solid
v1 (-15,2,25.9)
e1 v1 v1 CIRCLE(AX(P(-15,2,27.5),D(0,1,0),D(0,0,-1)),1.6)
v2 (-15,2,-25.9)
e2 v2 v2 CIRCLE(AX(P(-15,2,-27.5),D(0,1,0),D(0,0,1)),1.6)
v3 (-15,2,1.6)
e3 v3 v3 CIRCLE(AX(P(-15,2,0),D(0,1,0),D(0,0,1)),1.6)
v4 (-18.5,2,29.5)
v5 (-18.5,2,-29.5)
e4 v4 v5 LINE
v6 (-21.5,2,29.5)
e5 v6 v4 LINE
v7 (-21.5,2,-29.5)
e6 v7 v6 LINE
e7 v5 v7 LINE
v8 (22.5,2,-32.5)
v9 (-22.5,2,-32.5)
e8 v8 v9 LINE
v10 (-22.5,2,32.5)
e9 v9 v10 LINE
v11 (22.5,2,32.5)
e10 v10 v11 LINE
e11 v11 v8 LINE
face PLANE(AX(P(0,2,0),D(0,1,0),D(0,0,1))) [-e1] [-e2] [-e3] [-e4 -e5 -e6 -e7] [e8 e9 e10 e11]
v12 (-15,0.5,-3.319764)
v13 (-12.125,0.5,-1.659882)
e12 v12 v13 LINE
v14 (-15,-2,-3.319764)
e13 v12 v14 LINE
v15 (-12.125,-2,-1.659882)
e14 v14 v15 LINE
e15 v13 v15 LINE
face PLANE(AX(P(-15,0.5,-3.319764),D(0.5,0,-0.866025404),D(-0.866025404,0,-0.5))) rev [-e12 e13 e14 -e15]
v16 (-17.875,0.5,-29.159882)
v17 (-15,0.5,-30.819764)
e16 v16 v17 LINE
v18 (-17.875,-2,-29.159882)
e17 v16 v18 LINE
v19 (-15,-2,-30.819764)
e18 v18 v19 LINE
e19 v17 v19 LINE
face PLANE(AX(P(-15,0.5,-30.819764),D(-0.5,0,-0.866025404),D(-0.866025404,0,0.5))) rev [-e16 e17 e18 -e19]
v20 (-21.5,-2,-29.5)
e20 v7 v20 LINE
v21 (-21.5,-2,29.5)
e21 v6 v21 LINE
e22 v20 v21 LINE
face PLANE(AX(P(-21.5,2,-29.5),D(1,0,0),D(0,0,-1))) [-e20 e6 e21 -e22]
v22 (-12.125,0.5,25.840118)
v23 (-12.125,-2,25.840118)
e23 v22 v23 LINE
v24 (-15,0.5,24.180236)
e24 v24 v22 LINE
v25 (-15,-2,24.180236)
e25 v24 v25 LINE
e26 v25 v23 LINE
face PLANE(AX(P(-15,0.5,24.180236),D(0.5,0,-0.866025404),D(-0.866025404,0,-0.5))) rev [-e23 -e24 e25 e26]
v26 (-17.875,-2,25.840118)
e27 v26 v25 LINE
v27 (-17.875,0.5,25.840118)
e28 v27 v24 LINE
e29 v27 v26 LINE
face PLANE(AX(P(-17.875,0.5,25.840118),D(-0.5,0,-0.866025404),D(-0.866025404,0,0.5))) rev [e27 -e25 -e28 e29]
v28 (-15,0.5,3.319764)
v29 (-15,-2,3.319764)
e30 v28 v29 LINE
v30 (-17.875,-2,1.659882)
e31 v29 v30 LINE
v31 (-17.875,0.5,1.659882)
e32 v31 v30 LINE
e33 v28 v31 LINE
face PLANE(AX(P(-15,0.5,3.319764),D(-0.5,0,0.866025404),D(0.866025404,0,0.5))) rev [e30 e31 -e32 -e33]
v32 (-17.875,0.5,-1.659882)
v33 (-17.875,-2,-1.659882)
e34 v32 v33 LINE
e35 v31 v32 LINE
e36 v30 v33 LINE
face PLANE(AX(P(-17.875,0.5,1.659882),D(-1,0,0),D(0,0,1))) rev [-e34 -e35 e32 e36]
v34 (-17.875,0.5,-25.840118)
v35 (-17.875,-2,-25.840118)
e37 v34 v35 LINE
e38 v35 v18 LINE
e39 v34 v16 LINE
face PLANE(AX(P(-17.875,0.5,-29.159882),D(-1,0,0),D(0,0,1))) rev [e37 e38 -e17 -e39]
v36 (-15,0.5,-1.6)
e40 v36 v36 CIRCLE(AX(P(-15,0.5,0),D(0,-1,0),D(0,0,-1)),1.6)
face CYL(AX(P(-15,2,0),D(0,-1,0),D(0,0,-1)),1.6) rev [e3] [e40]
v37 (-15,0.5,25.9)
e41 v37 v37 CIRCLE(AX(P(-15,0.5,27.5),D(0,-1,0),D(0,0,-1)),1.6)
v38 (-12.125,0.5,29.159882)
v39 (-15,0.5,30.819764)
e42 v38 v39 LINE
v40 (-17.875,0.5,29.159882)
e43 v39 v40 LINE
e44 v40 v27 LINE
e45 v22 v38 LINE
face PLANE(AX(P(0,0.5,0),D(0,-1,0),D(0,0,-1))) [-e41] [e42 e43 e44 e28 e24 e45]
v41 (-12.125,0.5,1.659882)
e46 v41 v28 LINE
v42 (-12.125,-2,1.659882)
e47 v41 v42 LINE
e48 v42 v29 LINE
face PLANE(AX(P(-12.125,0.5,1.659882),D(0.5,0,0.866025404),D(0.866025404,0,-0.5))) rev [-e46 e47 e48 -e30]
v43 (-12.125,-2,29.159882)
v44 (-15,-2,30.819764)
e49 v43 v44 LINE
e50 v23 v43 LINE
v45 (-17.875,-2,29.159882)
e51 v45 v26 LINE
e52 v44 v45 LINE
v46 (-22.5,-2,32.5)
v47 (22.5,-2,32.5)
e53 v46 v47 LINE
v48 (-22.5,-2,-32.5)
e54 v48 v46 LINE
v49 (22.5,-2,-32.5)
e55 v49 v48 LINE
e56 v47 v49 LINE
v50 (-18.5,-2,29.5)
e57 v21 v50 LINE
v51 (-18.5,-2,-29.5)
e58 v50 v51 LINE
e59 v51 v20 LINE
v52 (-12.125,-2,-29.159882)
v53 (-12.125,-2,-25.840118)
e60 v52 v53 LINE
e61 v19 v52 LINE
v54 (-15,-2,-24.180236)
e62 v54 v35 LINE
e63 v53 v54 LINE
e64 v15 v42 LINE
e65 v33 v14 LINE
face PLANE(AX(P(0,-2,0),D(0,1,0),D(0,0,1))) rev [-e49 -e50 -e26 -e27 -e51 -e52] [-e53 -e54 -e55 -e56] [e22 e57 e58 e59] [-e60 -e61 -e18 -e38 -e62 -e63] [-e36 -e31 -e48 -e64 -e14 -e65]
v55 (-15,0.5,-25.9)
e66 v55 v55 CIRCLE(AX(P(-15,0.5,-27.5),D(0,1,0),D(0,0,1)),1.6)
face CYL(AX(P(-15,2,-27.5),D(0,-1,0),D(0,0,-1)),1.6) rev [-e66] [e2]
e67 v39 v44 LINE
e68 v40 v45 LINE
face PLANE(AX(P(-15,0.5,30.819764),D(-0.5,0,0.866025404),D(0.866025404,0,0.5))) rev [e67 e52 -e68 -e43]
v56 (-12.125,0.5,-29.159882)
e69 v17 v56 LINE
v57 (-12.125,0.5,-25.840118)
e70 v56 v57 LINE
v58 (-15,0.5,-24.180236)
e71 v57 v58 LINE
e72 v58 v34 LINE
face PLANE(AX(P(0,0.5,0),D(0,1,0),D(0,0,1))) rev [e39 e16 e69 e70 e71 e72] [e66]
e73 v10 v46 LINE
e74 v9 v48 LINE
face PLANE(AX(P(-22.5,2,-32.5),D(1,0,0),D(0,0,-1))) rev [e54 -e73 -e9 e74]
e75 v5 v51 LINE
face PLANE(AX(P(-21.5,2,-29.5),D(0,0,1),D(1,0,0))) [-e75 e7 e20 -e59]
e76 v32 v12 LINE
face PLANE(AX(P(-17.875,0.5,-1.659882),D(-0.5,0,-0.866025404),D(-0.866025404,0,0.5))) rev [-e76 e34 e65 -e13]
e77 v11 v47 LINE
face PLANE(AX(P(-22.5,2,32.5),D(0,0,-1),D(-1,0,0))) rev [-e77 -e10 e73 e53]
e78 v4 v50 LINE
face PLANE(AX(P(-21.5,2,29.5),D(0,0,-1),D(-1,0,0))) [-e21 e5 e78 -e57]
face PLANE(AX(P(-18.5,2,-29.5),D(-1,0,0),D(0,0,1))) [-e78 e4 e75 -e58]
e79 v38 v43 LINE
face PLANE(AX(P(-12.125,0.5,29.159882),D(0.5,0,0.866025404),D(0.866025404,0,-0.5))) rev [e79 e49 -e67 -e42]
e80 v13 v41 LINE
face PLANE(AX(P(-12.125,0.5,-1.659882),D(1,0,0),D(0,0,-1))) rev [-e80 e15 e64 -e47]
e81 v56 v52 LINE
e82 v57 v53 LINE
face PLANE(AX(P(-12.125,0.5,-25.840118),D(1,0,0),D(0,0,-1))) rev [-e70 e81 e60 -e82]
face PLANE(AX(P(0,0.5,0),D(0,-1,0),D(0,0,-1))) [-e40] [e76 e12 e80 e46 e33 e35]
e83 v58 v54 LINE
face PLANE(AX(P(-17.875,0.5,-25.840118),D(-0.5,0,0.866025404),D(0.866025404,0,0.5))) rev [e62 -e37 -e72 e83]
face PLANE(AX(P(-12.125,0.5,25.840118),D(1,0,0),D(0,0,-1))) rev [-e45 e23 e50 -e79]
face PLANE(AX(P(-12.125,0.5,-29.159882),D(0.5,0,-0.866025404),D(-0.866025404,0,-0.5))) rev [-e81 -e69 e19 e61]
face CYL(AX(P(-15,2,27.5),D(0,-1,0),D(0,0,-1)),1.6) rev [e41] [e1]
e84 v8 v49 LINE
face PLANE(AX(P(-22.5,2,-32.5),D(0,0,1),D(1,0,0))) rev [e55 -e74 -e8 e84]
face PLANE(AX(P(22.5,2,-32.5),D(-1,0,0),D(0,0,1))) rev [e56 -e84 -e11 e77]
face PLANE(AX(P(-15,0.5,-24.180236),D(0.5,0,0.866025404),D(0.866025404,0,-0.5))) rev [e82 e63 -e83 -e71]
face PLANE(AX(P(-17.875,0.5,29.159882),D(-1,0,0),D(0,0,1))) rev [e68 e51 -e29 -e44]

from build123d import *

# Parameters (mm, degrees)
SKETCH1_W           = 45
SKETCH1_H           = 65
SKETCH1_R           = 1.6
SKETCH1_W_2         = 3
SKETCH1_H_2         = 59
BOSS_EXTRUDE1_DEPTH = 2
CUT_EXTRUDE1_DEPTH  = 2.5


with BuildPart() as part:
    # Sketch1 → Boss-Extrude1 (new, symmetric)
    with BuildSketch(Plane(origin=(0, 0, 0), x_dir=(1, 0, 0), z_dir=(0, 1, 0))):
        Rectangle(SKETCH1_W, SKETCH1_H)
        with Locations(Location((-15, 27.5, 0), (0, 0, 270))):
            Circle(SKETCH1_R, mode=Mode.SUBTRACT)
        with Locations(Location((-15, 0, 0), (0, 0, 270))):
            Circle(SKETCH1_R, mode=Mode.SUBTRACT)
        with Locations(Location((-15, -27.5, 0), (0, 0, 90))):
            Circle(SKETCH1_R, mode=Mode.SUBTRACT)
        with Locations((-20, 0)):
            Rectangle(SKETCH1_W_2, SKETCH1_H_2, mode=Mode.SUBTRACT)
    extrude(amount=BOSS_EXTRUDE1_DEPTH, both=True)

    # Sketch4 → Cut-Extrude1 (cut)
    with BuildSketch(Plane.XZ.offset(2)):
        Polygon((-15, -3.319764048), (-12.125, -1.659882024), (-12.125, 1.659882024), (-15, 3.319764048), (-17.875, 1.659882024), (-17.875, -1.659882024), align=None)
        Polygon((-17.875, -25.840117976), (-15, -24.180235952), (-12.125, -25.840117976), (-12.125, -29.159882024), (-15, -30.819764048), (-17.875, -29.159882024), align=None)
        Polygon((-15, 24.180235952), (-12.125, 25.840117976), (-12.125, 29.159882024), (-15, 30.819764048), (-17.875, 29.159882024), (-17.875, 25.840117976), align=None)
    extrude(amount=-CUT_EXTRUDE1_DEPTH, mode=Mode.SUBTRACT)


solid = part.part
